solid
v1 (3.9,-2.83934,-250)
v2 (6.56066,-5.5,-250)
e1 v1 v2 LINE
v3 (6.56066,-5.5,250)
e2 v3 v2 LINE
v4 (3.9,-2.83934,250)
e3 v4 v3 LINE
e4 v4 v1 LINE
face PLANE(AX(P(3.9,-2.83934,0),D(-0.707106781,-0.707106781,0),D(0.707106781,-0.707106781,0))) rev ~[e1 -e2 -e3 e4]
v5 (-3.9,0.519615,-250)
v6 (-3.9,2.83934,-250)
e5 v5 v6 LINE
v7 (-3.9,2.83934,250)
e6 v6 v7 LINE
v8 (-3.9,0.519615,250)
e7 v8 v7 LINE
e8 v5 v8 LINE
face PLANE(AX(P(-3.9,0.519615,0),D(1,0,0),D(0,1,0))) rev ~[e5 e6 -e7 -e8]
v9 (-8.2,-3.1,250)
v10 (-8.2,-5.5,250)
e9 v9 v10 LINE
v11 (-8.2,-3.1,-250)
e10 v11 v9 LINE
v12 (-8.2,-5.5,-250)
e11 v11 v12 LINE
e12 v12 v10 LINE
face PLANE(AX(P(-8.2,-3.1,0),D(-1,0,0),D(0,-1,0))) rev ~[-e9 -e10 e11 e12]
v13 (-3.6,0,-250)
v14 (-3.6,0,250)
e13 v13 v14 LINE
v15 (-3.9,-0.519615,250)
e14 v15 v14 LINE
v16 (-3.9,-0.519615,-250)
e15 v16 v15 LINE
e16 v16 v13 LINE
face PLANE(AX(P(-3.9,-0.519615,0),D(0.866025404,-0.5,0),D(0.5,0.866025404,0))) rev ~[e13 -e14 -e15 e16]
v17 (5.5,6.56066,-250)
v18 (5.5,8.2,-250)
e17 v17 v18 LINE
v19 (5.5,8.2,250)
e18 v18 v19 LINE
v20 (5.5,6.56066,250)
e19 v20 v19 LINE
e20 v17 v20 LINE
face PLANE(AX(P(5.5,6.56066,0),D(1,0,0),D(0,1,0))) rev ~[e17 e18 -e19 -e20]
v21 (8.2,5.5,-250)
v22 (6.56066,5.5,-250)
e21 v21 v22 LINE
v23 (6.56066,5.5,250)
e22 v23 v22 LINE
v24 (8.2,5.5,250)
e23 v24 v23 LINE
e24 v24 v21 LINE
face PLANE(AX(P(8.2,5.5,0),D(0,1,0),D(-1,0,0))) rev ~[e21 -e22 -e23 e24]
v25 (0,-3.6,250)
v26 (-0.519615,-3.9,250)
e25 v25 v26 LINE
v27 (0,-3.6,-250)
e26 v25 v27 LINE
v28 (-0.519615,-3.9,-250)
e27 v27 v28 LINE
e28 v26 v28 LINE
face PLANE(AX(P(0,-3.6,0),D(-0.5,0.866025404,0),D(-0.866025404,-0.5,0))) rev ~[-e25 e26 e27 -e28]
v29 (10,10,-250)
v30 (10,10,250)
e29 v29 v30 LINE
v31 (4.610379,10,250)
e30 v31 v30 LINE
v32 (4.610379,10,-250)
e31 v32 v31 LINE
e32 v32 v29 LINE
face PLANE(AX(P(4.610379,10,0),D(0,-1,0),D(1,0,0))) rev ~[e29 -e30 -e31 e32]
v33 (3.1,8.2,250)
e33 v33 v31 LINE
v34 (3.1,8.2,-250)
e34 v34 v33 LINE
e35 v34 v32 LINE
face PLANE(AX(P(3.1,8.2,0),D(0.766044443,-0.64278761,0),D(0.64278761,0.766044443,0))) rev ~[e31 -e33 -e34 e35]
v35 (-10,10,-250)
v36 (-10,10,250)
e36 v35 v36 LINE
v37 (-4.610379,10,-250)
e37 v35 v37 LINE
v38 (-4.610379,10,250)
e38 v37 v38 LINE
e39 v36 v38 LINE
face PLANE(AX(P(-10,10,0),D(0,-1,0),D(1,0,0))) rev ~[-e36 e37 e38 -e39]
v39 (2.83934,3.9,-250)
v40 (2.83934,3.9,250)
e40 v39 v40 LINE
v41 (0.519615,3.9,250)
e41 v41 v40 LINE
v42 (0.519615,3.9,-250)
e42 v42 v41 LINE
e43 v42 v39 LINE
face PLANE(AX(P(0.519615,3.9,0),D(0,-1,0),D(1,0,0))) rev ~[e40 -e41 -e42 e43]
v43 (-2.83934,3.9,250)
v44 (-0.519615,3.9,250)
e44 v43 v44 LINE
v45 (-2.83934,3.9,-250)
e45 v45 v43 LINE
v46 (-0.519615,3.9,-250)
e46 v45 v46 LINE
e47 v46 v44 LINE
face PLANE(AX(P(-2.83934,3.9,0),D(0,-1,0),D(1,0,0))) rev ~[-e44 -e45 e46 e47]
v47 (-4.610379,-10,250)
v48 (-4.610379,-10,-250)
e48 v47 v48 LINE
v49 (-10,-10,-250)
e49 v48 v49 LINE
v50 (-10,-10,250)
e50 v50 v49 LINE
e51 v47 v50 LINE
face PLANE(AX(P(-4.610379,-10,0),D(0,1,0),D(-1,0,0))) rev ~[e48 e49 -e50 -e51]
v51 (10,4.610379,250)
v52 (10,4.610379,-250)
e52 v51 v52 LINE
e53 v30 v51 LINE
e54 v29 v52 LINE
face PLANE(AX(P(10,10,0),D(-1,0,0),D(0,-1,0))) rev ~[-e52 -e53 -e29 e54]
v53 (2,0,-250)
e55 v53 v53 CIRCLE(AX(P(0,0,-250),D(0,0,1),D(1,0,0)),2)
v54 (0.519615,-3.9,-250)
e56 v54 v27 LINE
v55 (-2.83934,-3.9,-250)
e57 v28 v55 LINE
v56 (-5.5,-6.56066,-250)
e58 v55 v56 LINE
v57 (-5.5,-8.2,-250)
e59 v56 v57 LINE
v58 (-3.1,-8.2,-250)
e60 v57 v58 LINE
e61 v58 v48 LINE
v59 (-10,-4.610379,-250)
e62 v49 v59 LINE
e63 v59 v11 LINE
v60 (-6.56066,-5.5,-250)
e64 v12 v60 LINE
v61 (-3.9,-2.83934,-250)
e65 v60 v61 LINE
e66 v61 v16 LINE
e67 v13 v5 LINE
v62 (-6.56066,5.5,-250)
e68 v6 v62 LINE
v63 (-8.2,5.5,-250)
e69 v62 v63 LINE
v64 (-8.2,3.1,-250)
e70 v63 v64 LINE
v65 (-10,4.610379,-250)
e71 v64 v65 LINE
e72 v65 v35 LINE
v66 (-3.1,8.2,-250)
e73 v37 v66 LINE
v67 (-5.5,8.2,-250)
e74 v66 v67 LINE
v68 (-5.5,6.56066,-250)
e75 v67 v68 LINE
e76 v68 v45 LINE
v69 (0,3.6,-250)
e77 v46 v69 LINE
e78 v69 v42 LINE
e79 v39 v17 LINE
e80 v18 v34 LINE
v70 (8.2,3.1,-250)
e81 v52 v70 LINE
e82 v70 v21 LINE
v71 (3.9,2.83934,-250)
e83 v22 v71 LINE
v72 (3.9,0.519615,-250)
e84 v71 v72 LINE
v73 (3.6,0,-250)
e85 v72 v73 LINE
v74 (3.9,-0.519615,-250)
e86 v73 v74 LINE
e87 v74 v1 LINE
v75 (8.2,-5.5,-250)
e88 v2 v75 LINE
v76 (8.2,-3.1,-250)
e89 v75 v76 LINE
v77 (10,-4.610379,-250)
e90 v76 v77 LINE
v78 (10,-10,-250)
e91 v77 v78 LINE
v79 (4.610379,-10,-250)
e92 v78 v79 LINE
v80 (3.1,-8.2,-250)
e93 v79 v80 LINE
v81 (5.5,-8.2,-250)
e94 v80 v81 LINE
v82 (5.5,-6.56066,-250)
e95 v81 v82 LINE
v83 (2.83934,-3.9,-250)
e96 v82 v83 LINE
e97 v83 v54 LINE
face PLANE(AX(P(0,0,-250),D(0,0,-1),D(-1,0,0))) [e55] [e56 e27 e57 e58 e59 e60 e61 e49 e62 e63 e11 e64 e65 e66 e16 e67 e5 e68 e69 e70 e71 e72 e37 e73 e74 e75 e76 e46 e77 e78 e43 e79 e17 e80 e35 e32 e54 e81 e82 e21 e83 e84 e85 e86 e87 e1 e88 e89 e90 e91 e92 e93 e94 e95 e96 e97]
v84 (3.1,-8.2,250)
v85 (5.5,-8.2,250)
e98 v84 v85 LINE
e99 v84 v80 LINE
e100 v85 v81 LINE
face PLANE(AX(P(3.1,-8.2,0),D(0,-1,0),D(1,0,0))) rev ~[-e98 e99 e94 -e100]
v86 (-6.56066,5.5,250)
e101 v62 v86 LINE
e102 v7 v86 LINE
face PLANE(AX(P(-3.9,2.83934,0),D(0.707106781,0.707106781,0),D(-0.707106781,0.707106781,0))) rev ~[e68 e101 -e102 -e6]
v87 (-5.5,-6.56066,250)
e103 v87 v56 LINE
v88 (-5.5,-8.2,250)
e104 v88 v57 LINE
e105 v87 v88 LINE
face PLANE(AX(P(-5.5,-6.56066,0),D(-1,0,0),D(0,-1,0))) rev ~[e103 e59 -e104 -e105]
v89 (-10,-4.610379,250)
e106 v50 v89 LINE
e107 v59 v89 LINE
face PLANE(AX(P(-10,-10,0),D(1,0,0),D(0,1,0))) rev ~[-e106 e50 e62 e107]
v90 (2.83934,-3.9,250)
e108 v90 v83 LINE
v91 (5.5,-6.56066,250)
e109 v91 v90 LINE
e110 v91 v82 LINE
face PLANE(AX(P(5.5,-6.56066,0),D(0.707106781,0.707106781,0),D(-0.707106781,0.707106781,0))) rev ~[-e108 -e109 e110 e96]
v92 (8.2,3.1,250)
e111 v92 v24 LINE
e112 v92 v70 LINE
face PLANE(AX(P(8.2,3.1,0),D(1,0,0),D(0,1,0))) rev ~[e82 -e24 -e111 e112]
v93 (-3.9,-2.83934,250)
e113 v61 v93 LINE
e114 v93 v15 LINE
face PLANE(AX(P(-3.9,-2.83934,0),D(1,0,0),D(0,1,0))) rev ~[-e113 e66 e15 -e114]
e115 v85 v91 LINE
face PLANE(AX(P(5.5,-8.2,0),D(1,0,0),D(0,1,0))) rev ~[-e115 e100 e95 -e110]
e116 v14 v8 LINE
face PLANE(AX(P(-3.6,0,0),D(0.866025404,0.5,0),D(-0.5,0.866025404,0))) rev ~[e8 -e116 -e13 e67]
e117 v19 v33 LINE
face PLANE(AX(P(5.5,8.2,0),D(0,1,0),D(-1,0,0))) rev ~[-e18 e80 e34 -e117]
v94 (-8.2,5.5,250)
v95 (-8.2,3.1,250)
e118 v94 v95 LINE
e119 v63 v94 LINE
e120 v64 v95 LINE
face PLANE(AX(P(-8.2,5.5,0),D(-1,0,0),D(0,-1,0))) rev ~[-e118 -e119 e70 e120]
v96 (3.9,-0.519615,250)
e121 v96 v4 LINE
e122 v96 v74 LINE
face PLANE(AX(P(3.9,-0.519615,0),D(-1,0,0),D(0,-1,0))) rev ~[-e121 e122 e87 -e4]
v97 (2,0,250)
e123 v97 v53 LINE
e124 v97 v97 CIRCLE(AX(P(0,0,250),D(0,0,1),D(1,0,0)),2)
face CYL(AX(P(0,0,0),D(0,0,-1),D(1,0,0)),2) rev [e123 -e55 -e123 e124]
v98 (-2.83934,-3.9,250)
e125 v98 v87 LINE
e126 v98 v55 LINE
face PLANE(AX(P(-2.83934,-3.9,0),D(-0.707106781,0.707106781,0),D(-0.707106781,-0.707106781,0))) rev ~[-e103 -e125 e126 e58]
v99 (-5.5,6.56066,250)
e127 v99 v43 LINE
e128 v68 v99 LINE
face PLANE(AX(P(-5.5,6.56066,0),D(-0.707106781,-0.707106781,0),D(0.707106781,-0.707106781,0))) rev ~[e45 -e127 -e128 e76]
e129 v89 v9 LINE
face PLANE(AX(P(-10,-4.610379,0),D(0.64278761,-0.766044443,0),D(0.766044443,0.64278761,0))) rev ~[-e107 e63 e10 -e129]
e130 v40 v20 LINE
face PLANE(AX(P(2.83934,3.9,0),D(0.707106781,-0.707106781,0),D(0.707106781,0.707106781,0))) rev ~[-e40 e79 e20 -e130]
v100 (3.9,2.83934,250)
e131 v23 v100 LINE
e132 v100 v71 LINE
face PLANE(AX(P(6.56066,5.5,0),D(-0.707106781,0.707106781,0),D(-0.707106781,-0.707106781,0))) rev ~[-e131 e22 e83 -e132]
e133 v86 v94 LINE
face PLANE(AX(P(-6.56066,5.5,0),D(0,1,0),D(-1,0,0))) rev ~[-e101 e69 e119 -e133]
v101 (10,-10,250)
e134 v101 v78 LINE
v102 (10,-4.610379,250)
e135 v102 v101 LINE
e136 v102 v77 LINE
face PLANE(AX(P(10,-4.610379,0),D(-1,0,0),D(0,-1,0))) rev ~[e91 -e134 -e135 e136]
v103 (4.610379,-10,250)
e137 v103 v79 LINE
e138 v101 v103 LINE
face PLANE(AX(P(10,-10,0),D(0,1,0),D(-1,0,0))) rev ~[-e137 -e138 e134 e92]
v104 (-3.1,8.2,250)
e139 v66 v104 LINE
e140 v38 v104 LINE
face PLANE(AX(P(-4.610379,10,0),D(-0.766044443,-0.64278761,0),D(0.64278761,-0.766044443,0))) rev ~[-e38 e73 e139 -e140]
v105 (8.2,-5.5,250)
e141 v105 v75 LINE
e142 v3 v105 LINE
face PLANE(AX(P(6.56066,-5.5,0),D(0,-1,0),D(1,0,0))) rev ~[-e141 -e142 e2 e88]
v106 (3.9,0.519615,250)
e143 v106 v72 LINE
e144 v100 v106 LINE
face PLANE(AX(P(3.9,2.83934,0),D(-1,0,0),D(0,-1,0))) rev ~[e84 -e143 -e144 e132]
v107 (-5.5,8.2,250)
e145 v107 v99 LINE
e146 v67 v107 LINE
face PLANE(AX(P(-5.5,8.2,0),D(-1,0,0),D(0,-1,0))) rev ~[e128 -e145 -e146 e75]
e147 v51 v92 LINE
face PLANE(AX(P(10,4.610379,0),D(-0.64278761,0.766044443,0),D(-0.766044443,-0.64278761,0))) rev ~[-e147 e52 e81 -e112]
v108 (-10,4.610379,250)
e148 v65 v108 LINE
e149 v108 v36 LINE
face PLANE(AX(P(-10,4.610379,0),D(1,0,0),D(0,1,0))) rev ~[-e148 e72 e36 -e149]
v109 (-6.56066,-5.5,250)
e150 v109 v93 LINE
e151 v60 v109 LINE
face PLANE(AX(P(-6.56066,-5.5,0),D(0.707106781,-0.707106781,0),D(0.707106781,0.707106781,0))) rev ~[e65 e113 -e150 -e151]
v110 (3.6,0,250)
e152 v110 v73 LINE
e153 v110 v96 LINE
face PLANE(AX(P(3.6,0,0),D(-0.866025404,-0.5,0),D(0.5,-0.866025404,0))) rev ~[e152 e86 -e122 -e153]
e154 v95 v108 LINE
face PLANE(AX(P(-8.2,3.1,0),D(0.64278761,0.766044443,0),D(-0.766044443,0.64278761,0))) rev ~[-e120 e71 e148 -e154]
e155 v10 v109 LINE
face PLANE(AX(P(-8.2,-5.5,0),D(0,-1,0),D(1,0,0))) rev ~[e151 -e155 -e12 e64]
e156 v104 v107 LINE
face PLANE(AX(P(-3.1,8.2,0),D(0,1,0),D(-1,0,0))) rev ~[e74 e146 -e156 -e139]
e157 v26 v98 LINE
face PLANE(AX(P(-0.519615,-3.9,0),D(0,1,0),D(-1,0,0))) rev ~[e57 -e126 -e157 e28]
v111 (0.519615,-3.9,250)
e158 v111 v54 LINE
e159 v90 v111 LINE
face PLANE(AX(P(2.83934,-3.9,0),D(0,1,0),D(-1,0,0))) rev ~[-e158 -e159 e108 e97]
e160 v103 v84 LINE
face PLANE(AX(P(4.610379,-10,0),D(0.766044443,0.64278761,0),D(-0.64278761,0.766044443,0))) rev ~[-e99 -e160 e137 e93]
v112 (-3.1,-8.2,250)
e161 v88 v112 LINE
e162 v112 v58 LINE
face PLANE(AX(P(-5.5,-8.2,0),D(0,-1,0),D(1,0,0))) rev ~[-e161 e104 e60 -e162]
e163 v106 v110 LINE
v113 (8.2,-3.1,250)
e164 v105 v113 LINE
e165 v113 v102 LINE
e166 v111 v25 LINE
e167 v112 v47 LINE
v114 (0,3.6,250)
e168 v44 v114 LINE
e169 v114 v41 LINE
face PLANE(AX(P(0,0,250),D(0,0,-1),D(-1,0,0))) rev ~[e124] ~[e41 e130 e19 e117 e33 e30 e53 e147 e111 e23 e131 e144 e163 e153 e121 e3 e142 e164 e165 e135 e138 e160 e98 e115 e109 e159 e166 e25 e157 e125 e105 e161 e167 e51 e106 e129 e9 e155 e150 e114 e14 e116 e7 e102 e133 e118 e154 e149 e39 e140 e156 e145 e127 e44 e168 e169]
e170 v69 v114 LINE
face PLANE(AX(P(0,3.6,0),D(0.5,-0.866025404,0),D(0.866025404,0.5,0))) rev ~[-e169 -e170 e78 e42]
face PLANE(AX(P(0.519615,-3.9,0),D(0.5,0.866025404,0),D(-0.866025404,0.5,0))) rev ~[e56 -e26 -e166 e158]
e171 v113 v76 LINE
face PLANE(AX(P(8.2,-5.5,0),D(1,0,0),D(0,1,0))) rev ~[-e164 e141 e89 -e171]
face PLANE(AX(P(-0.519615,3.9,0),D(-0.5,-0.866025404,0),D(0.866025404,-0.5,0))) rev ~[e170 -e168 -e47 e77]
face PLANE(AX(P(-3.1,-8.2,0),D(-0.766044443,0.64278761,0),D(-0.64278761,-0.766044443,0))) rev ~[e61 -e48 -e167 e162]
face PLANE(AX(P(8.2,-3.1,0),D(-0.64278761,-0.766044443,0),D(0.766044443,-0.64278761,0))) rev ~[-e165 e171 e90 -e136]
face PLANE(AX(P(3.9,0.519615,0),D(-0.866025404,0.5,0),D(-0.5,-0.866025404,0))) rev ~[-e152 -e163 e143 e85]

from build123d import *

# Parameters (mm, degrees)
SKETCH1_R           = 2
BOSS_EXTRUDE1_DEPTH = 250


with BuildPart() as part:
    # Sketch1 → Boss-Extrude1 (new body, symmetric)
    with BuildSketch(Plane.XY):
        Polygon((10, 10), (10, 4.610379336), (8.2, 3.1), (8.2, 5.5), (6.560660172, 5.5), (3.9, 2.839339828), (3.9, 0.519615242), (3.6, 0), (3.9, -0.519615242), (3.9, -2.839339828), (6.560660172, -5.5), (8.2, -5.5), (8.2, -3.1), (10, -4.610379336), (10, -10), (4.610379336, -10), (3.1, -8.2), (5.5, -8.2), (5.5, -6.560660172), (2.839339828, -3.9), (0.519615242, -3.9), (0, -3.6), (-0.519615242, -3.9), (-2.839339828, -3.9), (-5.5, -6.560660172), (-5.5, -8.2), (-3.1, -8.2), (-4.610379336, -10), (-10, -10), (-10, -4.610379336), (-8.2, -3.1), (-8.2, -5.5), (-6.560660172, -5.5), (-3.9, -2.839339828), (-3.9, -0.519615242), (-3.6, 0), (-3.9, 0.519615242), (-3.9, 2.839339828), (-6.560660172, 5.5), (-8.2, 5.5), (-8.2, 3.1), (-10, 4.610379336), (-10, 10), (-4.610379336, 10), (-3.1, 8.2), (-5.5, 8.2), (-5.5, 6.560660172), (-2.839339828, 3.9), (-0.519615242, 3.9), (0, 3.6), (0.519615242, 3.9), (2.839339828, 3.9), (5.5, 6.560660172), (5.5, 8.2), (3.1, 8.2), (4.610379336, 10), align=None)
        Circle(SKETCH1_R, mode=Mode.SUBTRACT)
    extrude(amount=BOSS_EXTRUDE1_DEPTH, both=True)


solid = part.part
